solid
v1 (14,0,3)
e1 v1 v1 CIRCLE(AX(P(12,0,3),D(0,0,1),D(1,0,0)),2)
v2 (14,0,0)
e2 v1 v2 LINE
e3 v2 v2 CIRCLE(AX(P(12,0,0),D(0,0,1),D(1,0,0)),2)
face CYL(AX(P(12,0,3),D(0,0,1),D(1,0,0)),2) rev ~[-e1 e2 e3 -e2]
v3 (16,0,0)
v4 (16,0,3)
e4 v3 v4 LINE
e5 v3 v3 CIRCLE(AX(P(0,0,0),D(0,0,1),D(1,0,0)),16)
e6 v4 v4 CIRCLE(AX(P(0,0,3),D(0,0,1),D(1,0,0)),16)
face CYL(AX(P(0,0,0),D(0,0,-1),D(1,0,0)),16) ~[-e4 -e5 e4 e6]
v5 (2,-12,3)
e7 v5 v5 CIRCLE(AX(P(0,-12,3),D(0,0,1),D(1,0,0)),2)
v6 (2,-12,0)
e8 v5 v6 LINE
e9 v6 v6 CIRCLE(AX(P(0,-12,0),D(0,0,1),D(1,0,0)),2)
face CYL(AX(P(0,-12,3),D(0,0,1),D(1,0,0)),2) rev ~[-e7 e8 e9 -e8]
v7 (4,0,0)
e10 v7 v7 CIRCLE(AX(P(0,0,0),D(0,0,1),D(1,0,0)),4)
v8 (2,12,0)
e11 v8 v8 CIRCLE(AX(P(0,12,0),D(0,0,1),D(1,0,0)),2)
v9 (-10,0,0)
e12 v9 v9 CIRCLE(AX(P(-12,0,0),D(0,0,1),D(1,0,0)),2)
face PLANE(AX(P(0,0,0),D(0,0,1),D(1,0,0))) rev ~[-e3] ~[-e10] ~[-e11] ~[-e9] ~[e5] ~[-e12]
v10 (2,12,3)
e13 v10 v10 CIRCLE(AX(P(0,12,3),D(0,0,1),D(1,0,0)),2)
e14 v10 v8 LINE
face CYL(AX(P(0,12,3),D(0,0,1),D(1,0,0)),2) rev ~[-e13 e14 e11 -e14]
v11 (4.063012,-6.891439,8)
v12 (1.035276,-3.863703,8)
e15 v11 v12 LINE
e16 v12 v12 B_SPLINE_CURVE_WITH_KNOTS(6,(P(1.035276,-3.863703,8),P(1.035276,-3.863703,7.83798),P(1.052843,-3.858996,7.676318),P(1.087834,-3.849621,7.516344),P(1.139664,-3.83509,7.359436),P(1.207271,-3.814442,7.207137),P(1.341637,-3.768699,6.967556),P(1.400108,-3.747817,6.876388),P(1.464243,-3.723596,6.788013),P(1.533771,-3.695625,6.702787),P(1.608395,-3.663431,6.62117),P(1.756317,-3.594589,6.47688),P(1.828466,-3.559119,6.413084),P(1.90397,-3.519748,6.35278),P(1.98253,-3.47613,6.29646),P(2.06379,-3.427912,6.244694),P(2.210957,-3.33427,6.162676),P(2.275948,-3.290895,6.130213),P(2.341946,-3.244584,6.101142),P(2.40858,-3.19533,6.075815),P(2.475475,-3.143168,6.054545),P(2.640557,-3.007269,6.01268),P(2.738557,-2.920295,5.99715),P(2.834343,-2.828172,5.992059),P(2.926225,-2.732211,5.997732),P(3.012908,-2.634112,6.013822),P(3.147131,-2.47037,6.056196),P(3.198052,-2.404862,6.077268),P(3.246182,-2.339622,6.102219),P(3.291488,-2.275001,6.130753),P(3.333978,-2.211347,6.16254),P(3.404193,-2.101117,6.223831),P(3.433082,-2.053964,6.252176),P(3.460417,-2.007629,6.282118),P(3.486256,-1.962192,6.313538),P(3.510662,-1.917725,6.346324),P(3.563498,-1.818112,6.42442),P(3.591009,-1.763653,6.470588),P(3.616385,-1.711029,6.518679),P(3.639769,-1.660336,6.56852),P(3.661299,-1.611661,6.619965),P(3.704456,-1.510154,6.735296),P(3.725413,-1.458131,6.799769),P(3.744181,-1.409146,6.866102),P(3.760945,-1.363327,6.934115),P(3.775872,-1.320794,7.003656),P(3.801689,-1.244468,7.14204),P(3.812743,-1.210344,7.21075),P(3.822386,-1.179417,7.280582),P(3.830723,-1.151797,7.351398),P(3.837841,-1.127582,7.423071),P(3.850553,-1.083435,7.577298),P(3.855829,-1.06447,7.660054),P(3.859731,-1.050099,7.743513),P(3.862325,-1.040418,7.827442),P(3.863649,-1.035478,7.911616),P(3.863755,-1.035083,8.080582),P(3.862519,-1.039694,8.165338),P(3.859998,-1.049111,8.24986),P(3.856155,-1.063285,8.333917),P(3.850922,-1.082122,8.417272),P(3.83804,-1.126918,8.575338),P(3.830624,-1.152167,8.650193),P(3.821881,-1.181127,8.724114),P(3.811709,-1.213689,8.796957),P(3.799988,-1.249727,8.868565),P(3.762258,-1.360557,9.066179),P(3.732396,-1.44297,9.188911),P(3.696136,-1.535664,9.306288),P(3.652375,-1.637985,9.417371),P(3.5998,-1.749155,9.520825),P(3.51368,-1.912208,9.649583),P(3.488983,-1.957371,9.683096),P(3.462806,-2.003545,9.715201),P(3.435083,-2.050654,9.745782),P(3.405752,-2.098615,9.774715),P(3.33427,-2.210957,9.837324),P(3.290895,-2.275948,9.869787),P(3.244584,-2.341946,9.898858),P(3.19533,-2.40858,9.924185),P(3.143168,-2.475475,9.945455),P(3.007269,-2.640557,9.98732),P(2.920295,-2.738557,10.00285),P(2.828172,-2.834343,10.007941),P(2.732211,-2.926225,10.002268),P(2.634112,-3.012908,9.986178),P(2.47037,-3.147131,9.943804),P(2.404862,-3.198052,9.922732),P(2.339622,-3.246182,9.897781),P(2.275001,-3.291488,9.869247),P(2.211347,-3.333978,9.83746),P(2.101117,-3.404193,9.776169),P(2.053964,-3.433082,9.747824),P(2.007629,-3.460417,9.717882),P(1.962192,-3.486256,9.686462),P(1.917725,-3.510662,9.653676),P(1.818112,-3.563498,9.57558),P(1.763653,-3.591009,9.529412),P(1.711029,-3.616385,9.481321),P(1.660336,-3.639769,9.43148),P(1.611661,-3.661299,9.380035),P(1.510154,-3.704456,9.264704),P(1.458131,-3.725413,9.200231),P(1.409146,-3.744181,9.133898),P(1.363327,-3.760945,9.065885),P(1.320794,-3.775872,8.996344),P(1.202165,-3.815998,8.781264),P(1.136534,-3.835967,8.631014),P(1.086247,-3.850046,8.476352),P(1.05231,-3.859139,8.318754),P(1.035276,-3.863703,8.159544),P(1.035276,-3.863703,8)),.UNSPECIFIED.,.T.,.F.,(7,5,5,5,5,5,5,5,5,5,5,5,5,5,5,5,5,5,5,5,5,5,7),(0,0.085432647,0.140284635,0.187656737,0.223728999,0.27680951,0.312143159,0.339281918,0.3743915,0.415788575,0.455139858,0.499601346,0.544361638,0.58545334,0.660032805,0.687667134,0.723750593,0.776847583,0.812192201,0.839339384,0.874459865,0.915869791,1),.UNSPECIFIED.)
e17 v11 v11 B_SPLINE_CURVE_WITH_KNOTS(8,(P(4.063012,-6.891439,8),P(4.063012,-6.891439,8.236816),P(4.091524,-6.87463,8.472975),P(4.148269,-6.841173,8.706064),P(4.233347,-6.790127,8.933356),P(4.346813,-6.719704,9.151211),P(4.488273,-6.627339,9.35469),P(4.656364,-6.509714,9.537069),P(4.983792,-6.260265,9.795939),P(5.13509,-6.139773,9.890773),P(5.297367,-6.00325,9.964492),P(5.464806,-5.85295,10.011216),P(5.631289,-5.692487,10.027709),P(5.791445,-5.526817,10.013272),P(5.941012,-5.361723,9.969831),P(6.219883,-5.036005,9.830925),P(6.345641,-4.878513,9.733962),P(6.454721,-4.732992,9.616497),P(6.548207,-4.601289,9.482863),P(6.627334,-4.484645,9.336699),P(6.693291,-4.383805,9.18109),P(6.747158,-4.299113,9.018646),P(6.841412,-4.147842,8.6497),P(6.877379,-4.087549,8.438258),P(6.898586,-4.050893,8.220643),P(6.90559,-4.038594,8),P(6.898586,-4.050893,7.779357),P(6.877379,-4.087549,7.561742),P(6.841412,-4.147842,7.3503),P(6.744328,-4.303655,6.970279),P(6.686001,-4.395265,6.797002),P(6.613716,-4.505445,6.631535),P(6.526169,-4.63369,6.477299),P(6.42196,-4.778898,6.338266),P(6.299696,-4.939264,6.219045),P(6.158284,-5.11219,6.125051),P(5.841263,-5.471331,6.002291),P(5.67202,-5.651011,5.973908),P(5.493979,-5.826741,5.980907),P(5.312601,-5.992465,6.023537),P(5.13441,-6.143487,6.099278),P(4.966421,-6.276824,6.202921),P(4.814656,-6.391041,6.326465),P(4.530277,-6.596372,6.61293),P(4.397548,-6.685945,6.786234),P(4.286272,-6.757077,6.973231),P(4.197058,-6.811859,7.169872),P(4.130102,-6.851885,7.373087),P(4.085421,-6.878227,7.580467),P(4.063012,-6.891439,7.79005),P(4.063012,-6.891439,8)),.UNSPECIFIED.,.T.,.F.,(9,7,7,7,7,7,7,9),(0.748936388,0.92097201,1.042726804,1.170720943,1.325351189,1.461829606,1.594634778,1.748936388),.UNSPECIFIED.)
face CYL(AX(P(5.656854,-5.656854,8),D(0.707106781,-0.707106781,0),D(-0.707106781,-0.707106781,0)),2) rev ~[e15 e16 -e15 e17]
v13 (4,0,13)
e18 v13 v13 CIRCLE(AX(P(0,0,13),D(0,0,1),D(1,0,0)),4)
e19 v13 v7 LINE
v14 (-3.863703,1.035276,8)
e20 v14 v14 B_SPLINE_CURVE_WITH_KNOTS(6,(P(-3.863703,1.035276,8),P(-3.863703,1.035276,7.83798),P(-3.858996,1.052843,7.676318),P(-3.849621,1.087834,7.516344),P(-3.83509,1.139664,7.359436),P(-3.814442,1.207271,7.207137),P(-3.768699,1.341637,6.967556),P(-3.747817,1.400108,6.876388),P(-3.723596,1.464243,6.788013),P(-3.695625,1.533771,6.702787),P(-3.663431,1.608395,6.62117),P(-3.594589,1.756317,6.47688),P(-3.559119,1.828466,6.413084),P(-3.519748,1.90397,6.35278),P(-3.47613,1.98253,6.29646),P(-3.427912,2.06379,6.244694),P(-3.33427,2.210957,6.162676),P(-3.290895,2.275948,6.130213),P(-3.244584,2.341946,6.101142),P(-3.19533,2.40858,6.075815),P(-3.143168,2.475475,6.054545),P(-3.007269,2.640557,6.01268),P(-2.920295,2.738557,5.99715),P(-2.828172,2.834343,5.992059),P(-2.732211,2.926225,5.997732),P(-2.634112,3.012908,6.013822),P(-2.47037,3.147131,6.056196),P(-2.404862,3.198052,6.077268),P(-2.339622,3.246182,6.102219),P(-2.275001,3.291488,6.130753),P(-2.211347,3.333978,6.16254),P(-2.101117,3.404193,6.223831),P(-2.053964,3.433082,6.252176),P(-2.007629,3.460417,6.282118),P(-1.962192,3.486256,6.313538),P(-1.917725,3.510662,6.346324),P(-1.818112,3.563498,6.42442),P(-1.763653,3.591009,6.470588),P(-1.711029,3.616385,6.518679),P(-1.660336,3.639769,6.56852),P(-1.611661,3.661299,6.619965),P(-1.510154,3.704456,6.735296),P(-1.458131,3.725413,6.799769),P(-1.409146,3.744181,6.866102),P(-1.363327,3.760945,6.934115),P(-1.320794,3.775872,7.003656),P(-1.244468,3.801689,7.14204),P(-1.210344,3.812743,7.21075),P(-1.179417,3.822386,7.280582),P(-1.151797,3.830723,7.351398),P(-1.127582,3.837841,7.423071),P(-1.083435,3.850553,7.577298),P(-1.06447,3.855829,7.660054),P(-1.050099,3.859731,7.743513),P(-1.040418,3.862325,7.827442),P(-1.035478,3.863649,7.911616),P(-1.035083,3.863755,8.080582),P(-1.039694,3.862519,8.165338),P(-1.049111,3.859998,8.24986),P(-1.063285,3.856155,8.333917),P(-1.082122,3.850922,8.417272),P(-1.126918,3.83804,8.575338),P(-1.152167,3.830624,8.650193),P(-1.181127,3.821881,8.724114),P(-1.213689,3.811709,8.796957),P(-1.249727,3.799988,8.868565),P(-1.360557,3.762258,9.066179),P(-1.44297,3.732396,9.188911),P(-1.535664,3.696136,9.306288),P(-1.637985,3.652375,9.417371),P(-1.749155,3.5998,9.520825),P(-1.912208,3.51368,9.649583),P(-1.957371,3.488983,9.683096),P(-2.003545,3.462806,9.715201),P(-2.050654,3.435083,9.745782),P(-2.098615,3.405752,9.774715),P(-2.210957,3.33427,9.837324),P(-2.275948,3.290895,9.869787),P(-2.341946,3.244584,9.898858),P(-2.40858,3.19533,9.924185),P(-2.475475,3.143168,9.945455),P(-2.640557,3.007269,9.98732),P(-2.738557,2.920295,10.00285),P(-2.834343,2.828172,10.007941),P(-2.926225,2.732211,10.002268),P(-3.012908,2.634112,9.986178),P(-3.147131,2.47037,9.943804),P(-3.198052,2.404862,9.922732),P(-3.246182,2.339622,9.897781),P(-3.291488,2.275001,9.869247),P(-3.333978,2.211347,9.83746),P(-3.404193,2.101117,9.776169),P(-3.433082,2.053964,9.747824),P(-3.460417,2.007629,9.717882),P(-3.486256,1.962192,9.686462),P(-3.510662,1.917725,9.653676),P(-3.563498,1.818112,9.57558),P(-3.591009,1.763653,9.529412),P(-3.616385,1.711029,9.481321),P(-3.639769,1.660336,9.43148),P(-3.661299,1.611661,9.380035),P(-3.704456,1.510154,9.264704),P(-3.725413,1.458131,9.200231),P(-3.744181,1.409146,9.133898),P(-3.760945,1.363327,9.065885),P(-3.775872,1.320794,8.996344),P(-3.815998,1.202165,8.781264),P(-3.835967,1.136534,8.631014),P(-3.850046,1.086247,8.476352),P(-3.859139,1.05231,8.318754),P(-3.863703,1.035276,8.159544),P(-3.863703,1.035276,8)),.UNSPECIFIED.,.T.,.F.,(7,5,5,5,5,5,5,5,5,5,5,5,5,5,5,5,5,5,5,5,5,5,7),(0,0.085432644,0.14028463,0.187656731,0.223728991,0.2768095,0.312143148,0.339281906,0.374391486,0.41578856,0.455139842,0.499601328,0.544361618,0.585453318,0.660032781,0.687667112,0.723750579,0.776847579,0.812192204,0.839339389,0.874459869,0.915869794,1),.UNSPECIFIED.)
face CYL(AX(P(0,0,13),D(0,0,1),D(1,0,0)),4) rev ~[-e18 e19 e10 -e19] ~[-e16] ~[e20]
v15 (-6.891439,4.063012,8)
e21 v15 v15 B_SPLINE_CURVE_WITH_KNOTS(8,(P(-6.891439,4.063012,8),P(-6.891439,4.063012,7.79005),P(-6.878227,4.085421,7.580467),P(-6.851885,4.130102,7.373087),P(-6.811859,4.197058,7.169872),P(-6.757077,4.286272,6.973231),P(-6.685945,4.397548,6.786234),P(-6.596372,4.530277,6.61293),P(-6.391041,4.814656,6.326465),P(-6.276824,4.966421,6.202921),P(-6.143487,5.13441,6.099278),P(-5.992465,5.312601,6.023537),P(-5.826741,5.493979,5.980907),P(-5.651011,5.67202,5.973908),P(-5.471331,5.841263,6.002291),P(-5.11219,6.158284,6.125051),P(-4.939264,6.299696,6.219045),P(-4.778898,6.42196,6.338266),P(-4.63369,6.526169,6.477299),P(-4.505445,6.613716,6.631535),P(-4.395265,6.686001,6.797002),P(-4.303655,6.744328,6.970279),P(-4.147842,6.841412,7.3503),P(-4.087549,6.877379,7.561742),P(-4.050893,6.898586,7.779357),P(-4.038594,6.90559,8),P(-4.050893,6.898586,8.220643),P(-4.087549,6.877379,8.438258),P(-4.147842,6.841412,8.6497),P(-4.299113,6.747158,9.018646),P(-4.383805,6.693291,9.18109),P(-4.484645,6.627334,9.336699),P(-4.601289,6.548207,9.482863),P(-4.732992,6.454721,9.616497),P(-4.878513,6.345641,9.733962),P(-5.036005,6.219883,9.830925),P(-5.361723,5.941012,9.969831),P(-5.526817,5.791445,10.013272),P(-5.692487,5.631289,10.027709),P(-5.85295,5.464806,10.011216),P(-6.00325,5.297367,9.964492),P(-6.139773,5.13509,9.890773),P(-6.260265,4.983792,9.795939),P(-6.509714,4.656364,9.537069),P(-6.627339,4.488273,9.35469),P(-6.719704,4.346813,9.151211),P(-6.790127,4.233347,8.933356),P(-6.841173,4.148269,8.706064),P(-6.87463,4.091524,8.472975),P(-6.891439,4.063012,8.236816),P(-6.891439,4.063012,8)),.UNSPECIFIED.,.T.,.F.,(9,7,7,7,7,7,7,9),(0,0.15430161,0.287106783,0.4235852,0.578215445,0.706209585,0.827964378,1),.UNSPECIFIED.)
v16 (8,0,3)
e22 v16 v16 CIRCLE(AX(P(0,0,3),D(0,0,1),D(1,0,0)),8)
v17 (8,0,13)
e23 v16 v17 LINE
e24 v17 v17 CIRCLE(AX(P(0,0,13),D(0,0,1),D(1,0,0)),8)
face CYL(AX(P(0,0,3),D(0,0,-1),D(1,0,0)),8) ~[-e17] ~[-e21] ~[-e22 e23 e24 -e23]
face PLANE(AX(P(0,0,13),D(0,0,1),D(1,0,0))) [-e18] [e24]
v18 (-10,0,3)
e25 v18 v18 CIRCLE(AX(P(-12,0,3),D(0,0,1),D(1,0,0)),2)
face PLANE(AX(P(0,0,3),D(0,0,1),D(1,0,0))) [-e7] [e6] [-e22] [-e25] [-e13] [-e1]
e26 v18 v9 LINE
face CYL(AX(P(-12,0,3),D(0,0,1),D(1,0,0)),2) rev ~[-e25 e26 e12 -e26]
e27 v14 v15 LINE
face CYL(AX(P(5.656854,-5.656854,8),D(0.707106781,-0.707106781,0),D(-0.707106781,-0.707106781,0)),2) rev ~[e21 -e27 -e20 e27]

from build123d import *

# Parameters (mm, degrees)
SKETCH1_R           = 16
BOSS_EXTRUDE1_DEPTH = 3
SKETCH3_R           = 8
BOSS_EXTRUDE2_DEPTH = 10
CUT_EXTRUDE1_REACH  = 5
SKETCH2_R           = 2
CUT_EXTRUDE2_REACH  = 32.627
SKETCH5_R           = 2
SKETCH6_R           = 4
CUT_EXTRUDE3_DEPTH  = 13


with BuildPart() as part:
    # Sketch1 → Boss-Extrude1 (new body)
    with BuildSketch(Plane.XY):
        Circle(SKETCH1_R)
    extrude(amount=BOSS_EXTRUDE1_DEPTH)

    # Sketch3 → Boss-Extrude2 (add)
    with BuildSketch(Plane.XY.offset(3)):
        Circle(SKETCH3_R)
    extrude(amount=BOSS_EXTRUDE2_DEPTH)

    # Sketch2 → Cut-Extrude1 (cut, up to next)
    with BuildSketch(Plane.XY.offset(3), mode=Mode.PRIVATE) as cut_extrude1_sk1:
        with Locations((0, 12)):
            Circle(SKETCH2_R)
    cut_extrude1_tool1 = extrude(cut_extrude1_sk1.sketch, amount=-CUT_EXTRUDE1_REACH, mode=Mode.PRIVATE) & part.part
    add(cut_extrude1_tool1.solids().sort_by_distance((0, 12, 3))[0], mode=Mode.SUBTRACT)
    # Sketch2 → Cut-Extrude1 (cut, up to next)
    with BuildSketch(Plane.XY.offset(3), mode=Mode.PRIVATE) as cut_extrude1_sk2:
        with Locations((12, 0)):
            Circle(SKETCH2_R)
    cut_extrude1_tool2 = extrude(cut_extrude1_sk2.sketch, amount=-CUT_EXTRUDE1_REACH, mode=Mode.PRIVATE) & part.part
    add(cut_extrude1_tool2.solids().sort_by_distance((12, 0, 3))[0], mode=Mode.SUBTRACT)
    # Sketch2 → Cut-Extrude1 (cut, up to next)
    with BuildSketch(Plane.XY.offset(3), mode=Mode.PRIVATE) as cut_extrude1_sk3:
        with Locations((0, -12)):
            Circle(SKETCH2_R)
    cut_extrude1_tool3 = extrude(cut_extrude1_sk3.sketch, amount=-CUT_EXTRUDE1_REACH, mode=Mode.PRIVATE) & part.part
    add(cut_extrude1_tool3.solids().sort_by_distance((0, -12, 3))[0], mode=Mode.SUBTRACT)
    # Sketch2 → Cut-Extrude1 (cut, up to next)
    with BuildSketch(Plane.XY.offset(3), mode=Mode.PRIVATE) as cut_extrude1_sk4:
        with Locations((-12, 0)):
            Circle(SKETCH2_R)
    cut_extrude1_tool4 = extrude(cut_extrude1_sk4.sketch, amount=-CUT_EXTRUDE1_REACH, mode=Mode.PRIVATE) & part.part
    add(cut_extrude1_tool4.solids().sort_by_distance((-12, 0, 3))[0], mode=Mode.SUBTRACT)

    # Sketch5 → Cut-Extrude2 (cut, up to next)
    with BuildSketch(Plane(origin=(5.656854249, -5.656854249, 0), x_dir=(-0.707106781, -0.707106781, 0), z_dir=(0.707106781, -0.707106781, 0)), mode=Mode.PRIVATE) as cut_extrude2_sk1:
        with Locations((0, -8)):
            Circle(SKETCH5_R)
    cut_extrude2_tool1 = extrude(cut_extrude2_sk1.sketch, amount=-CUT_EXTRUDE2_REACH, mode=Mode.PRIVATE) & part.part
    add(cut_extrude2_tool1.solids().sort_by_distance((5.656854, -5.656854, 8))[0], mode=Mode.SUBTRACT)

    # Sketch6 → Cut-Extrude3 (cut)
    with BuildSketch(Plane.XY.offset(13)):
        Circle(SKETCH6_R)
    extrude(amount=-CUT_EXTRUDE3_DEPTH, mode=Mode.SUBTRACT)


solid = part.part
